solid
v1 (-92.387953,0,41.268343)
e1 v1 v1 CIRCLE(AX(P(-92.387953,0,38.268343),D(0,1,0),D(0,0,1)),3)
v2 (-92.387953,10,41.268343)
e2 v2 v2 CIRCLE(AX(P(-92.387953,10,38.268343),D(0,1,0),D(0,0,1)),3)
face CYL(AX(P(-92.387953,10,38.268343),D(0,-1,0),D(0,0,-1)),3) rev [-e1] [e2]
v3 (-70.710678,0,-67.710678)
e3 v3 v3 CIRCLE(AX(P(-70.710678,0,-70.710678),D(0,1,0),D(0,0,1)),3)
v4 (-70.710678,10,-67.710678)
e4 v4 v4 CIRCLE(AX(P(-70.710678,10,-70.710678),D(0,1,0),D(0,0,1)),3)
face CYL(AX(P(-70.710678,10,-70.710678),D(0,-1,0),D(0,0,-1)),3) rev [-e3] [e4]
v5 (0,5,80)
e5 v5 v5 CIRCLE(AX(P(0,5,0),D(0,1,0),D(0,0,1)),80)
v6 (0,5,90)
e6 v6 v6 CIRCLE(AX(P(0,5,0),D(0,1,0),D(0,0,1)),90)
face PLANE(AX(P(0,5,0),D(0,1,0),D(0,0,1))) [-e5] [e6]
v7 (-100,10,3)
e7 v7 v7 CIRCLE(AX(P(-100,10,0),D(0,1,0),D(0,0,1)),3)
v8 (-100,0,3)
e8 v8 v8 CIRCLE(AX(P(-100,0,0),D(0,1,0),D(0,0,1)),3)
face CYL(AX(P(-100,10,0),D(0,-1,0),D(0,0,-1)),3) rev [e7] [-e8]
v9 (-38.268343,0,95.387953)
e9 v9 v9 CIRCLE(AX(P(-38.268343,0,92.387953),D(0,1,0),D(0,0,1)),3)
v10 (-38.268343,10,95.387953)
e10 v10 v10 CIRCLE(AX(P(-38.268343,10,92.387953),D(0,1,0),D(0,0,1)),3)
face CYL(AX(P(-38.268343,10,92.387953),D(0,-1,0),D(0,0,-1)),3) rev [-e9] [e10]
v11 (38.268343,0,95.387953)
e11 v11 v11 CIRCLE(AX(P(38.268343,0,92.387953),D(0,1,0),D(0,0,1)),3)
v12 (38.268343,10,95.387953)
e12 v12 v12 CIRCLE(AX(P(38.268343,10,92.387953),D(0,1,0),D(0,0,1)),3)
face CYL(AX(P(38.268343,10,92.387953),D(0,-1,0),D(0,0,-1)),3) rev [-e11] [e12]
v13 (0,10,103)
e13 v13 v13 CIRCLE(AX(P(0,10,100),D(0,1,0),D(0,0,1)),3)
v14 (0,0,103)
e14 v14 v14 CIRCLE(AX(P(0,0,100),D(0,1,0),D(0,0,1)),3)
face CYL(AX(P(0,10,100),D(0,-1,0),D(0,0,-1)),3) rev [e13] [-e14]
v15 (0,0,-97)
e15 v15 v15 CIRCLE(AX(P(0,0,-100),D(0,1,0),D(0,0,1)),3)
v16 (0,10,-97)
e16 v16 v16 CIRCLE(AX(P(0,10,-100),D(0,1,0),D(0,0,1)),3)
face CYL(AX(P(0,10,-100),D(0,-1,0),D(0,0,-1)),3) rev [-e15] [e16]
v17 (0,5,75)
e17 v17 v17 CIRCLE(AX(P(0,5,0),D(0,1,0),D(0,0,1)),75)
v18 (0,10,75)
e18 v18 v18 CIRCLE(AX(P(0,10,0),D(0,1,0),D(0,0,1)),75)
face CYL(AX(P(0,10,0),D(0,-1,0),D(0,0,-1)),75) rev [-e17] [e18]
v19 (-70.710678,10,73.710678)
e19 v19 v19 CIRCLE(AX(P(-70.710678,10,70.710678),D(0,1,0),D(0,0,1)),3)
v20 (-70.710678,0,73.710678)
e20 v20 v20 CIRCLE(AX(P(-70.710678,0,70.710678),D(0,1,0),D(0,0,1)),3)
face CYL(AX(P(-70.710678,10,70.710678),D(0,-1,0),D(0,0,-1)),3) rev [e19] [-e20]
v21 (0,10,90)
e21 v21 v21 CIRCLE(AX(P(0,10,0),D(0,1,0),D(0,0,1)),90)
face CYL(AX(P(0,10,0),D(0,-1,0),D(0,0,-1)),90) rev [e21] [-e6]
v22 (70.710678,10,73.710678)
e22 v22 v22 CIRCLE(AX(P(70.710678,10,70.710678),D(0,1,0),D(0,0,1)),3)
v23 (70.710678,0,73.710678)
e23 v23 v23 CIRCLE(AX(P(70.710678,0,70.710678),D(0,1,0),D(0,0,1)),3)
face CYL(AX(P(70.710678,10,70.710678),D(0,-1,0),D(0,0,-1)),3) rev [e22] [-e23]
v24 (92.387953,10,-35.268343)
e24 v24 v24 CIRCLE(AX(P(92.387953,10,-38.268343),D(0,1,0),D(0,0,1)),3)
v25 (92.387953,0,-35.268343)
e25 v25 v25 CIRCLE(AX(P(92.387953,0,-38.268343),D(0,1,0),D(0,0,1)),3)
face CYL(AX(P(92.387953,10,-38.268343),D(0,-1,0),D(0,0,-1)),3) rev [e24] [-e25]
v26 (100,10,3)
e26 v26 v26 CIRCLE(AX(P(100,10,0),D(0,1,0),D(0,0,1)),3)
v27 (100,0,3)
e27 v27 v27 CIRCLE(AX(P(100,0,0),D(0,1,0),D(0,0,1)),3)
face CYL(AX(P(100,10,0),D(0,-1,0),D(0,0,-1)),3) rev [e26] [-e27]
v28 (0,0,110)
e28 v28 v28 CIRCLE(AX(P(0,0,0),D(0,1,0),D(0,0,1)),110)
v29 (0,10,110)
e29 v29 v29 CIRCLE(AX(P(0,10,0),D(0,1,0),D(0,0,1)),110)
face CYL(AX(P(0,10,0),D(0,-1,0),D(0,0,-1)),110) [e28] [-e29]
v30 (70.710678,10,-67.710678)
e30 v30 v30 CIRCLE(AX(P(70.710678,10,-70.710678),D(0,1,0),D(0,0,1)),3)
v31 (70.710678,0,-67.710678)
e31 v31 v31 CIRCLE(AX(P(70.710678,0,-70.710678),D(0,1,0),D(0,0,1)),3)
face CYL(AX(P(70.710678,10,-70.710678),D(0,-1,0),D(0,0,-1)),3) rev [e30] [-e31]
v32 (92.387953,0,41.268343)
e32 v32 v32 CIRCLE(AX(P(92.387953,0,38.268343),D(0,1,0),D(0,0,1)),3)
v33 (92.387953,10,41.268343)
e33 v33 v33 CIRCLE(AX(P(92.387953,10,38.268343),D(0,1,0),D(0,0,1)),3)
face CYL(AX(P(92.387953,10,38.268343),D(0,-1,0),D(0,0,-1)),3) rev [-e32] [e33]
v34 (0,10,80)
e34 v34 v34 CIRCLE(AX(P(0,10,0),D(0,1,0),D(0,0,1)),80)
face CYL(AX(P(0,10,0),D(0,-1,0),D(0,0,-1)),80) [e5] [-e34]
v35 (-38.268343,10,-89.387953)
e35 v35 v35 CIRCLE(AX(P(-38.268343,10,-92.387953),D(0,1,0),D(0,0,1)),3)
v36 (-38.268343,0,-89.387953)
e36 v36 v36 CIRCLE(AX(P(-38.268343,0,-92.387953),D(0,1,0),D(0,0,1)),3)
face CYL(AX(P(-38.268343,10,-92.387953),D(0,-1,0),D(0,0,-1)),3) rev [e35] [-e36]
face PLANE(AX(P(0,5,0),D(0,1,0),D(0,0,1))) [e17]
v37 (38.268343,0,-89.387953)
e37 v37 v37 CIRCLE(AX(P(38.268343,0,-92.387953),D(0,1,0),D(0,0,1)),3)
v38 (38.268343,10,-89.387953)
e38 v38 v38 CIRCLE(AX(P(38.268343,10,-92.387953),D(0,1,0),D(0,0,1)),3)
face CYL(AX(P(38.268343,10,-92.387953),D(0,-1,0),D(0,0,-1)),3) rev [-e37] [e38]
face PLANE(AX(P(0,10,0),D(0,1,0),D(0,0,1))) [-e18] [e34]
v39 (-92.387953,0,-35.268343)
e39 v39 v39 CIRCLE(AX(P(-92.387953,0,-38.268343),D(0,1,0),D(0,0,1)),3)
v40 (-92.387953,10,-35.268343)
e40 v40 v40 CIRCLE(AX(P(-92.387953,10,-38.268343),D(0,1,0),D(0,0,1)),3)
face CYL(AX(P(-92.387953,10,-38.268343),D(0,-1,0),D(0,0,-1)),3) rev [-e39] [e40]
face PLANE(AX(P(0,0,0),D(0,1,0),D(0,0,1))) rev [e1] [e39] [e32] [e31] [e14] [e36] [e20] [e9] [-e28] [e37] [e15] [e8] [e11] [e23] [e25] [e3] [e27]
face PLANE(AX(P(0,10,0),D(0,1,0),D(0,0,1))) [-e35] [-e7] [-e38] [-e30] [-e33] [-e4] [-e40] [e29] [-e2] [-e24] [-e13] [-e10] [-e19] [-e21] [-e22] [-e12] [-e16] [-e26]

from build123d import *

# Parameters (mm, degrees)
SKETCH_1_R        = 80
SKETCH_1_R_2      = 75
EXTRUDE_1_DEPTH   = 10
SKETCH_1_R_3      = 110
SKETCH_1_R_4      = 3
SKETCH_1_R_5      = 90
EXTRUDE_1_2_DEPTH = 10
SKETCH_1_3_R      = 90
SKETCH_1_3_R_2    = 80
SKETCH_1_3_R_3    = 75
EXTRUDE_2_DEPTH   = 5


with BuildPart() as part:
    # 草图1 → 凸台-拉伸1 (new body)
    with BuildSketch(Plane(origin=(0, 0, 0), x_dir=(1, 0, 0), z_dir=(0, 1, 0))):
        Circle(SKETCH_1_R)
        Circle(SKETCH_1_R_2, mode=Mode.SUBTRACT)
    extrude(amount=EXTRUDE_1_DEPTH)



with BuildPart() as body_2:
    # 草图1 → Extrude 1 2 (new body)
    with BuildSketch(Plane(origin=(0, 0, 0), x_dir=(1, 0, 0), z_dir=(0, 1, 0))):
        Circle(SKETCH_1_R_3)
        with Locations((-70.710678119, -70.710678119)):
            Circle(SKETCH_1_R_4, mode=Mode.SUBTRACT)
        with Locations((-38.268343237, -92.387953251)):
            Circle(SKETCH_1_R_4, mode=Mode.SUBTRACT)
        with Locations((-92.387953251, -38.268343237)):
            Circle(SKETCH_1_R_4, mode=Mode.SUBTRACT)
        with Locations((-100, 0)):
            Circle(SKETCH_1_R_4, mode=Mode.SUBTRACT)
        with Locations((0, -100)):
            Circle(SKETCH_1_R_4, mode=Mode.SUBTRACT)
        with Locations((38.268343237, -92.387953251)):
            Circle(SKETCH_1_R_4, mode=Mode.SUBTRACT)
        with Locations((70.710678119, -70.710678119)):
            Circle(SKETCH_1_R_4, mode=Mode.SUBTRACT)
        with Locations((92.387953251, -38.268343237)):
            Circle(SKETCH_1_R_4, mode=Mode.SUBTRACT)
        with Locations((-92.387953251, 38.268343237)):
            Circle(SKETCH_1_R_4, mode=Mode.SUBTRACT)
        with Locations((-70.710678119, 70.710678119)):
            Circle(SKETCH_1_R_4, mode=Mode.SUBTRACT)
        with Locations((-38.268343237, 92.387953251)):
            Circle(SKETCH_1_R_4, mode=Mode.SUBTRACT)
        Circle(SKETCH_1_R_5, mode=Mode.SUBTRACT)
        with Locations((100, 0)):
            Circle(SKETCH_1_R_4, mode=Mode.SUBTRACT)
        with Locations((92.387953251, 38.268343237)):
            Circle(SKETCH_1_R_4, mode=Mode.SUBTRACT)
        with Locations((0, 100)):
            Circle(SKETCH_1_R_4, mode=Mode.SUBTRACT)
        with Locations((38.268343237, 92.387953251)):
            Circle(SKETCH_1_R_4, mode=Mode.SUBTRACT)
        with Locations((70.710678119, 70.710678119)):
            Circle(SKETCH_1_R_4, mode=Mode.SUBTRACT)
    extrude(amount=EXTRUDE_1_2_DEPTH)


with BuildPart() as part_1:
    add(part.part)

    add(body_2.part)  # 凸台-拉伸2 merges body 2
    # 草图1<3> → 凸台-拉伸2 (add)
    # profile 1 of 2: a face of its own
    with BuildSketch(Plane(origin=(0, 0, 0), x_dir=(1, 0, 0), z_dir=(0, 1, 0))):
        Circle(SKETCH_1_3_R)
        Circle(SKETCH_1_3_R_2, mode=Mode.SUBTRACT)
    # profile 2 of 2: a face of its own
    with BuildSketch(Plane(origin=(0, 0, 0), x_dir=(1, 0, 0), z_dir=(0, 1, 0))):
        Circle(SKETCH_1_3_R_3)
    extrude(amount=EXTRUDE_2_DEPTH)


solid = part_1.part
